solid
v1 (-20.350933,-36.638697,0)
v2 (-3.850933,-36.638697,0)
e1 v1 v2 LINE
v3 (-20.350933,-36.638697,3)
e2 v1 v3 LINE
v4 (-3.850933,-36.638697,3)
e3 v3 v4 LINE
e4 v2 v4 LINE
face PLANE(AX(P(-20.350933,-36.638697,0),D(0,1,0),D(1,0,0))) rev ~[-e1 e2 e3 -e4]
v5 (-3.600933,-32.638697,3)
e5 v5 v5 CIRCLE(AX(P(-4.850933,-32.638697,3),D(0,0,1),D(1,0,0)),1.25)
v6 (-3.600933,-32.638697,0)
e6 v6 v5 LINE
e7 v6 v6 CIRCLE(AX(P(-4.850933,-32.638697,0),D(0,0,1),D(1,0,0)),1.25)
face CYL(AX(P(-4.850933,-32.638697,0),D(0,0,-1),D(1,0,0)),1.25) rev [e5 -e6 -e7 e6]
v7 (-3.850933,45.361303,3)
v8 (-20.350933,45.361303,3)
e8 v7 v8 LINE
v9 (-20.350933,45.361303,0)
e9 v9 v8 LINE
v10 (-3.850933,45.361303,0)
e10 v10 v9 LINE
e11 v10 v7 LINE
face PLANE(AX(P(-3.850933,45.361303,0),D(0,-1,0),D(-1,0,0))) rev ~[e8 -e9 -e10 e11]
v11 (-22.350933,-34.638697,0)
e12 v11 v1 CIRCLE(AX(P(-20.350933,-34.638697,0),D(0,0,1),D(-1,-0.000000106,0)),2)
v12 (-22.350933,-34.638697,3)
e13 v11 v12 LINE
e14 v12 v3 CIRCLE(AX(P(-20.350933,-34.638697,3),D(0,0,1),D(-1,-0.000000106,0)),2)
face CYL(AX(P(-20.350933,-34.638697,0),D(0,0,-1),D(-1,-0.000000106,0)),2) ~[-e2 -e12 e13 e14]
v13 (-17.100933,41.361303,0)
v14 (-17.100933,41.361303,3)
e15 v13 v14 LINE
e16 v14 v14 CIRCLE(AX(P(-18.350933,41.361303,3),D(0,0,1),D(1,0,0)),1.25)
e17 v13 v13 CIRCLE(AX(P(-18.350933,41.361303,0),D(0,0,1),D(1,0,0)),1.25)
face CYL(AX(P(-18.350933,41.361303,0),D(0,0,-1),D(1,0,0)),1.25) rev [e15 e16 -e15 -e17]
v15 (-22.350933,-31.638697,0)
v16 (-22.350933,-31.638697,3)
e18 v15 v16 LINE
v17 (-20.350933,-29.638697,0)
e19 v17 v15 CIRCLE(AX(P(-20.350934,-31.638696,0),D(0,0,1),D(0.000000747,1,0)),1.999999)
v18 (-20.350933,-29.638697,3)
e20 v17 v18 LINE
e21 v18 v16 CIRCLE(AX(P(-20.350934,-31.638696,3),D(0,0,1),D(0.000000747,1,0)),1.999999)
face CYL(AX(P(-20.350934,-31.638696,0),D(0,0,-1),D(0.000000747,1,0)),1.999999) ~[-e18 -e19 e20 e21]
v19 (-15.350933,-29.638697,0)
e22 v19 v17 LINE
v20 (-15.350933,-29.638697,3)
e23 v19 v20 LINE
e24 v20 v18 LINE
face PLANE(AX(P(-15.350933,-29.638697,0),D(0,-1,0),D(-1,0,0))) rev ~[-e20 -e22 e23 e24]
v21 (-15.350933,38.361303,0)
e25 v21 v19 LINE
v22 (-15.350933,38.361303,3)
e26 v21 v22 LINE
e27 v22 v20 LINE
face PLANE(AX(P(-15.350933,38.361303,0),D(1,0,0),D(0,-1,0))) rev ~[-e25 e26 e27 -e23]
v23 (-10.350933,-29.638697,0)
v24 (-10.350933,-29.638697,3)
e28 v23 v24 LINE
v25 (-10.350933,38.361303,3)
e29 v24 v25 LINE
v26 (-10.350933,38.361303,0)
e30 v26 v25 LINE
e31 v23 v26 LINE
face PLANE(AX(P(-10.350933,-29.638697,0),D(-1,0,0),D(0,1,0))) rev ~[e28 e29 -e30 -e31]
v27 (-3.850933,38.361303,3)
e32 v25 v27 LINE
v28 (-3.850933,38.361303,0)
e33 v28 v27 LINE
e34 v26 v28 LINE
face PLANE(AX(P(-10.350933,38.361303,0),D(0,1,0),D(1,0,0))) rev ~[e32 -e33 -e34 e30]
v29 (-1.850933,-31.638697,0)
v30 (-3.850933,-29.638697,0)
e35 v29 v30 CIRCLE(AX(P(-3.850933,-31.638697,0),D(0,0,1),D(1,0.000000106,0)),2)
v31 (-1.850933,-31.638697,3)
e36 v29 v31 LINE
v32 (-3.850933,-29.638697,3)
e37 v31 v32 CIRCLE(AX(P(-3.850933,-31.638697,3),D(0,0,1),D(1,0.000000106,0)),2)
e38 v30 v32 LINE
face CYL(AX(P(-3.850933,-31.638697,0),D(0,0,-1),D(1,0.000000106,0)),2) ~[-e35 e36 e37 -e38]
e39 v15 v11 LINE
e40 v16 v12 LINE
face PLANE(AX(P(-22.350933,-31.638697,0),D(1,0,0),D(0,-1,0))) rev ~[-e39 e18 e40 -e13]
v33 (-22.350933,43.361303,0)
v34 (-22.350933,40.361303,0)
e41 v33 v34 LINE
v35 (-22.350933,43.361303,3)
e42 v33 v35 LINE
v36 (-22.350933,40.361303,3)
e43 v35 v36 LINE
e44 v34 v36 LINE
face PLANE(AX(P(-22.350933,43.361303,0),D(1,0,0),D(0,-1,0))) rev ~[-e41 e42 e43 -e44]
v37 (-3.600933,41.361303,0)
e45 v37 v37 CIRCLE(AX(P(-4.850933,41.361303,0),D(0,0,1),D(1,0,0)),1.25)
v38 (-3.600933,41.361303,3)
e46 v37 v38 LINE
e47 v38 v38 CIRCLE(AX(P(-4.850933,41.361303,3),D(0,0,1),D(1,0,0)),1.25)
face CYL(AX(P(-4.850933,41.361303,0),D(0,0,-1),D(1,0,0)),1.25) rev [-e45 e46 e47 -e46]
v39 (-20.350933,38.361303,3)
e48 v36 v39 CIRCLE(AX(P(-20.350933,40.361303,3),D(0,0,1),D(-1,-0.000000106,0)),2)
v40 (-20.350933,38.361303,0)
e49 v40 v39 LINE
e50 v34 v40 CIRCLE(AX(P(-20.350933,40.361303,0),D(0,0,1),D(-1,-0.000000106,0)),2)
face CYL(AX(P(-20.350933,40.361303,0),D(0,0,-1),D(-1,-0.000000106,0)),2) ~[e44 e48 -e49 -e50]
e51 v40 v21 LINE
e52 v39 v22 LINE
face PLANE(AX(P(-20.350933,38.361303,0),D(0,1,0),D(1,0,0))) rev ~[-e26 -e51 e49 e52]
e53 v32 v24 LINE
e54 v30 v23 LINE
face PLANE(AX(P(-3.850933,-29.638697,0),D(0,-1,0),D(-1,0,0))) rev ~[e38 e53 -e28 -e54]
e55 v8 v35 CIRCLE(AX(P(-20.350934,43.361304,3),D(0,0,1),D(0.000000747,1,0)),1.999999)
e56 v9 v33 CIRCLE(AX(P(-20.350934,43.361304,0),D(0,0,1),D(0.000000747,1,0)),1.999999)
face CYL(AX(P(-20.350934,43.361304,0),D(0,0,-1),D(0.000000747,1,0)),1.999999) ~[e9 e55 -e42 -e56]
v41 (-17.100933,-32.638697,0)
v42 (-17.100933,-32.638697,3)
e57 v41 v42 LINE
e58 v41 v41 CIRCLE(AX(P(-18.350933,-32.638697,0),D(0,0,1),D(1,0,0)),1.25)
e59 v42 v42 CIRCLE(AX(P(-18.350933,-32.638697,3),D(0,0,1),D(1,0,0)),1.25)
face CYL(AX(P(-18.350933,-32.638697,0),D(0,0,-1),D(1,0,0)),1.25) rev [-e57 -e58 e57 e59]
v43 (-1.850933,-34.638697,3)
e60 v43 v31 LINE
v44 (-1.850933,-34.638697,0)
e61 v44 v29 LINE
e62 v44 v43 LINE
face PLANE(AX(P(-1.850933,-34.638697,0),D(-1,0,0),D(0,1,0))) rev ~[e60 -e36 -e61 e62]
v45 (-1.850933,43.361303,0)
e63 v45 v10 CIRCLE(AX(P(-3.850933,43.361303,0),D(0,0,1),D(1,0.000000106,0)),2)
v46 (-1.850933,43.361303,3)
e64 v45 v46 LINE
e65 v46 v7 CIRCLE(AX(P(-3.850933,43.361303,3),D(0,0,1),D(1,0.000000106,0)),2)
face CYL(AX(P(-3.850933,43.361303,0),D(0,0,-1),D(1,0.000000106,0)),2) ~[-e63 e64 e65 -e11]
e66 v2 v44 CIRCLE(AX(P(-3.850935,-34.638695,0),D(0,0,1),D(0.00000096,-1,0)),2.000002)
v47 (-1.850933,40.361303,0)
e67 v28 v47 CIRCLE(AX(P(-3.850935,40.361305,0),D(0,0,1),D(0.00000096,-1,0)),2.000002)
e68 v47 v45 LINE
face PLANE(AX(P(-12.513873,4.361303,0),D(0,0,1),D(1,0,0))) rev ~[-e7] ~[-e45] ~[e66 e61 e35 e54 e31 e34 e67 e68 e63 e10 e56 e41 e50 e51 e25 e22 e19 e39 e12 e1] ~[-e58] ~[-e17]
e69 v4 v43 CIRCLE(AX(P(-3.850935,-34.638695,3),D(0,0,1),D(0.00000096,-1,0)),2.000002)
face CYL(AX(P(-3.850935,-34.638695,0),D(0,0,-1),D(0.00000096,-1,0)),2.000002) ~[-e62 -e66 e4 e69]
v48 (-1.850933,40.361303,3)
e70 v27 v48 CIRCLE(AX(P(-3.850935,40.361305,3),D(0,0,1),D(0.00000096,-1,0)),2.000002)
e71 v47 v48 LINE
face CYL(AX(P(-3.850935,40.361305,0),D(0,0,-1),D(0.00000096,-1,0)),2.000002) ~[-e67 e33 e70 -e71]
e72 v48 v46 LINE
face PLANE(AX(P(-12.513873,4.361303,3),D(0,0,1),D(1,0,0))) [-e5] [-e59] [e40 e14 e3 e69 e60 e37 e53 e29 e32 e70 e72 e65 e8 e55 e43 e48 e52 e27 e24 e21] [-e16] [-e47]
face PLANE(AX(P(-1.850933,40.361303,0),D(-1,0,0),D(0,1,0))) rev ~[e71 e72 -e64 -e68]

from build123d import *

# Parameters (mm, degrees)
F0_R     = 1.25
F1_DEPTH = 3


with BuildPart() as f1:
    # F0 (on Top) → F1 (new body)
    with BuildSketch(Plane.XY):
        with BuildLine():
            Line((-3.850933, 45.361303), (-20.350933, 45.361303))
            ThreePointArc((-20.350933, 45.361303), (-21.765147, 44.775517), (-22.350933, 43.361303))
            Line((-22.350933, 43.361303), (-22.350933, 40.361303))
            ThreePointArc((-22.350933, 40.361303), (-21.765147, 38.94709), (-20.350933, 38.361303))
            Line((-20.350933, 38.361303), (-15.350933, 38.361303))
            Line((-15.350933, 38.361303), (-15.350933, -29.638697))
            Line((-15.350933, -29.638697), (-20.350933, -29.638697))
            ThreePointArc((-20.350933, -29.638697), (-21.765147, -30.224483), (-22.350933, -31.638697))
            Line((-22.350933, -31.638697), (-22.350933, -34.638697))
            ThreePointArc((-22.350933, -34.638697), (-21.765147, -36.05291), (-20.350933, -36.638697))
            Line((-20.350933, -36.638697), (-3.850933, -36.638697))
            ThreePointArc((-3.850933, -36.638697), (-2.43672, -36.05291), (-1.850933, -34.638697))
            Line((-1.850933, -34.638697), (-1.850933, -31.638697))
            ThreePointArc((-1.850933, -31.638697), (-2.43672, -30.224483), (-3.850933, -29.638697))
            Line((-3.850933, -29.638697), (-10.350933, -29.638697))
            Line((-10.350933, -29.638697), (-10.350933, 38.361303))
            Line((-10.350933, 38.361303), (-3.850933, 38.361303))
            ThreePointArc((-3.850933, 38.361303), (-2.43672, 38.94709), (-1.850933, 40.361303))
            Line((-1.850933, 40.361303), (-1.850933, 43.361303))
            ThreePointArc((-1.850933, 43.361303), (-2.43672, 44.775517), (-3.850933, 45.361303))
        make_face()
        with Locations((-18.350933, -32.638697)):
            Circle(F0_R, mode=Mode.SUBTRACT)
        with Locations((-4.850933, -32.638697)):
            Circle(F0_R, mode=Mode.SUBTRACT)
        with Locations((-18.350933, 41.361303)):
            Circle(F0_R, mode=Mode.SUBTRACT)
        with Locations((-4.850933, 41.361303)):
            Circle(F0_R, mode=Mode.SUBTRACT)
    extrude(amount=F1_DEPTH)


solid = f1.part
